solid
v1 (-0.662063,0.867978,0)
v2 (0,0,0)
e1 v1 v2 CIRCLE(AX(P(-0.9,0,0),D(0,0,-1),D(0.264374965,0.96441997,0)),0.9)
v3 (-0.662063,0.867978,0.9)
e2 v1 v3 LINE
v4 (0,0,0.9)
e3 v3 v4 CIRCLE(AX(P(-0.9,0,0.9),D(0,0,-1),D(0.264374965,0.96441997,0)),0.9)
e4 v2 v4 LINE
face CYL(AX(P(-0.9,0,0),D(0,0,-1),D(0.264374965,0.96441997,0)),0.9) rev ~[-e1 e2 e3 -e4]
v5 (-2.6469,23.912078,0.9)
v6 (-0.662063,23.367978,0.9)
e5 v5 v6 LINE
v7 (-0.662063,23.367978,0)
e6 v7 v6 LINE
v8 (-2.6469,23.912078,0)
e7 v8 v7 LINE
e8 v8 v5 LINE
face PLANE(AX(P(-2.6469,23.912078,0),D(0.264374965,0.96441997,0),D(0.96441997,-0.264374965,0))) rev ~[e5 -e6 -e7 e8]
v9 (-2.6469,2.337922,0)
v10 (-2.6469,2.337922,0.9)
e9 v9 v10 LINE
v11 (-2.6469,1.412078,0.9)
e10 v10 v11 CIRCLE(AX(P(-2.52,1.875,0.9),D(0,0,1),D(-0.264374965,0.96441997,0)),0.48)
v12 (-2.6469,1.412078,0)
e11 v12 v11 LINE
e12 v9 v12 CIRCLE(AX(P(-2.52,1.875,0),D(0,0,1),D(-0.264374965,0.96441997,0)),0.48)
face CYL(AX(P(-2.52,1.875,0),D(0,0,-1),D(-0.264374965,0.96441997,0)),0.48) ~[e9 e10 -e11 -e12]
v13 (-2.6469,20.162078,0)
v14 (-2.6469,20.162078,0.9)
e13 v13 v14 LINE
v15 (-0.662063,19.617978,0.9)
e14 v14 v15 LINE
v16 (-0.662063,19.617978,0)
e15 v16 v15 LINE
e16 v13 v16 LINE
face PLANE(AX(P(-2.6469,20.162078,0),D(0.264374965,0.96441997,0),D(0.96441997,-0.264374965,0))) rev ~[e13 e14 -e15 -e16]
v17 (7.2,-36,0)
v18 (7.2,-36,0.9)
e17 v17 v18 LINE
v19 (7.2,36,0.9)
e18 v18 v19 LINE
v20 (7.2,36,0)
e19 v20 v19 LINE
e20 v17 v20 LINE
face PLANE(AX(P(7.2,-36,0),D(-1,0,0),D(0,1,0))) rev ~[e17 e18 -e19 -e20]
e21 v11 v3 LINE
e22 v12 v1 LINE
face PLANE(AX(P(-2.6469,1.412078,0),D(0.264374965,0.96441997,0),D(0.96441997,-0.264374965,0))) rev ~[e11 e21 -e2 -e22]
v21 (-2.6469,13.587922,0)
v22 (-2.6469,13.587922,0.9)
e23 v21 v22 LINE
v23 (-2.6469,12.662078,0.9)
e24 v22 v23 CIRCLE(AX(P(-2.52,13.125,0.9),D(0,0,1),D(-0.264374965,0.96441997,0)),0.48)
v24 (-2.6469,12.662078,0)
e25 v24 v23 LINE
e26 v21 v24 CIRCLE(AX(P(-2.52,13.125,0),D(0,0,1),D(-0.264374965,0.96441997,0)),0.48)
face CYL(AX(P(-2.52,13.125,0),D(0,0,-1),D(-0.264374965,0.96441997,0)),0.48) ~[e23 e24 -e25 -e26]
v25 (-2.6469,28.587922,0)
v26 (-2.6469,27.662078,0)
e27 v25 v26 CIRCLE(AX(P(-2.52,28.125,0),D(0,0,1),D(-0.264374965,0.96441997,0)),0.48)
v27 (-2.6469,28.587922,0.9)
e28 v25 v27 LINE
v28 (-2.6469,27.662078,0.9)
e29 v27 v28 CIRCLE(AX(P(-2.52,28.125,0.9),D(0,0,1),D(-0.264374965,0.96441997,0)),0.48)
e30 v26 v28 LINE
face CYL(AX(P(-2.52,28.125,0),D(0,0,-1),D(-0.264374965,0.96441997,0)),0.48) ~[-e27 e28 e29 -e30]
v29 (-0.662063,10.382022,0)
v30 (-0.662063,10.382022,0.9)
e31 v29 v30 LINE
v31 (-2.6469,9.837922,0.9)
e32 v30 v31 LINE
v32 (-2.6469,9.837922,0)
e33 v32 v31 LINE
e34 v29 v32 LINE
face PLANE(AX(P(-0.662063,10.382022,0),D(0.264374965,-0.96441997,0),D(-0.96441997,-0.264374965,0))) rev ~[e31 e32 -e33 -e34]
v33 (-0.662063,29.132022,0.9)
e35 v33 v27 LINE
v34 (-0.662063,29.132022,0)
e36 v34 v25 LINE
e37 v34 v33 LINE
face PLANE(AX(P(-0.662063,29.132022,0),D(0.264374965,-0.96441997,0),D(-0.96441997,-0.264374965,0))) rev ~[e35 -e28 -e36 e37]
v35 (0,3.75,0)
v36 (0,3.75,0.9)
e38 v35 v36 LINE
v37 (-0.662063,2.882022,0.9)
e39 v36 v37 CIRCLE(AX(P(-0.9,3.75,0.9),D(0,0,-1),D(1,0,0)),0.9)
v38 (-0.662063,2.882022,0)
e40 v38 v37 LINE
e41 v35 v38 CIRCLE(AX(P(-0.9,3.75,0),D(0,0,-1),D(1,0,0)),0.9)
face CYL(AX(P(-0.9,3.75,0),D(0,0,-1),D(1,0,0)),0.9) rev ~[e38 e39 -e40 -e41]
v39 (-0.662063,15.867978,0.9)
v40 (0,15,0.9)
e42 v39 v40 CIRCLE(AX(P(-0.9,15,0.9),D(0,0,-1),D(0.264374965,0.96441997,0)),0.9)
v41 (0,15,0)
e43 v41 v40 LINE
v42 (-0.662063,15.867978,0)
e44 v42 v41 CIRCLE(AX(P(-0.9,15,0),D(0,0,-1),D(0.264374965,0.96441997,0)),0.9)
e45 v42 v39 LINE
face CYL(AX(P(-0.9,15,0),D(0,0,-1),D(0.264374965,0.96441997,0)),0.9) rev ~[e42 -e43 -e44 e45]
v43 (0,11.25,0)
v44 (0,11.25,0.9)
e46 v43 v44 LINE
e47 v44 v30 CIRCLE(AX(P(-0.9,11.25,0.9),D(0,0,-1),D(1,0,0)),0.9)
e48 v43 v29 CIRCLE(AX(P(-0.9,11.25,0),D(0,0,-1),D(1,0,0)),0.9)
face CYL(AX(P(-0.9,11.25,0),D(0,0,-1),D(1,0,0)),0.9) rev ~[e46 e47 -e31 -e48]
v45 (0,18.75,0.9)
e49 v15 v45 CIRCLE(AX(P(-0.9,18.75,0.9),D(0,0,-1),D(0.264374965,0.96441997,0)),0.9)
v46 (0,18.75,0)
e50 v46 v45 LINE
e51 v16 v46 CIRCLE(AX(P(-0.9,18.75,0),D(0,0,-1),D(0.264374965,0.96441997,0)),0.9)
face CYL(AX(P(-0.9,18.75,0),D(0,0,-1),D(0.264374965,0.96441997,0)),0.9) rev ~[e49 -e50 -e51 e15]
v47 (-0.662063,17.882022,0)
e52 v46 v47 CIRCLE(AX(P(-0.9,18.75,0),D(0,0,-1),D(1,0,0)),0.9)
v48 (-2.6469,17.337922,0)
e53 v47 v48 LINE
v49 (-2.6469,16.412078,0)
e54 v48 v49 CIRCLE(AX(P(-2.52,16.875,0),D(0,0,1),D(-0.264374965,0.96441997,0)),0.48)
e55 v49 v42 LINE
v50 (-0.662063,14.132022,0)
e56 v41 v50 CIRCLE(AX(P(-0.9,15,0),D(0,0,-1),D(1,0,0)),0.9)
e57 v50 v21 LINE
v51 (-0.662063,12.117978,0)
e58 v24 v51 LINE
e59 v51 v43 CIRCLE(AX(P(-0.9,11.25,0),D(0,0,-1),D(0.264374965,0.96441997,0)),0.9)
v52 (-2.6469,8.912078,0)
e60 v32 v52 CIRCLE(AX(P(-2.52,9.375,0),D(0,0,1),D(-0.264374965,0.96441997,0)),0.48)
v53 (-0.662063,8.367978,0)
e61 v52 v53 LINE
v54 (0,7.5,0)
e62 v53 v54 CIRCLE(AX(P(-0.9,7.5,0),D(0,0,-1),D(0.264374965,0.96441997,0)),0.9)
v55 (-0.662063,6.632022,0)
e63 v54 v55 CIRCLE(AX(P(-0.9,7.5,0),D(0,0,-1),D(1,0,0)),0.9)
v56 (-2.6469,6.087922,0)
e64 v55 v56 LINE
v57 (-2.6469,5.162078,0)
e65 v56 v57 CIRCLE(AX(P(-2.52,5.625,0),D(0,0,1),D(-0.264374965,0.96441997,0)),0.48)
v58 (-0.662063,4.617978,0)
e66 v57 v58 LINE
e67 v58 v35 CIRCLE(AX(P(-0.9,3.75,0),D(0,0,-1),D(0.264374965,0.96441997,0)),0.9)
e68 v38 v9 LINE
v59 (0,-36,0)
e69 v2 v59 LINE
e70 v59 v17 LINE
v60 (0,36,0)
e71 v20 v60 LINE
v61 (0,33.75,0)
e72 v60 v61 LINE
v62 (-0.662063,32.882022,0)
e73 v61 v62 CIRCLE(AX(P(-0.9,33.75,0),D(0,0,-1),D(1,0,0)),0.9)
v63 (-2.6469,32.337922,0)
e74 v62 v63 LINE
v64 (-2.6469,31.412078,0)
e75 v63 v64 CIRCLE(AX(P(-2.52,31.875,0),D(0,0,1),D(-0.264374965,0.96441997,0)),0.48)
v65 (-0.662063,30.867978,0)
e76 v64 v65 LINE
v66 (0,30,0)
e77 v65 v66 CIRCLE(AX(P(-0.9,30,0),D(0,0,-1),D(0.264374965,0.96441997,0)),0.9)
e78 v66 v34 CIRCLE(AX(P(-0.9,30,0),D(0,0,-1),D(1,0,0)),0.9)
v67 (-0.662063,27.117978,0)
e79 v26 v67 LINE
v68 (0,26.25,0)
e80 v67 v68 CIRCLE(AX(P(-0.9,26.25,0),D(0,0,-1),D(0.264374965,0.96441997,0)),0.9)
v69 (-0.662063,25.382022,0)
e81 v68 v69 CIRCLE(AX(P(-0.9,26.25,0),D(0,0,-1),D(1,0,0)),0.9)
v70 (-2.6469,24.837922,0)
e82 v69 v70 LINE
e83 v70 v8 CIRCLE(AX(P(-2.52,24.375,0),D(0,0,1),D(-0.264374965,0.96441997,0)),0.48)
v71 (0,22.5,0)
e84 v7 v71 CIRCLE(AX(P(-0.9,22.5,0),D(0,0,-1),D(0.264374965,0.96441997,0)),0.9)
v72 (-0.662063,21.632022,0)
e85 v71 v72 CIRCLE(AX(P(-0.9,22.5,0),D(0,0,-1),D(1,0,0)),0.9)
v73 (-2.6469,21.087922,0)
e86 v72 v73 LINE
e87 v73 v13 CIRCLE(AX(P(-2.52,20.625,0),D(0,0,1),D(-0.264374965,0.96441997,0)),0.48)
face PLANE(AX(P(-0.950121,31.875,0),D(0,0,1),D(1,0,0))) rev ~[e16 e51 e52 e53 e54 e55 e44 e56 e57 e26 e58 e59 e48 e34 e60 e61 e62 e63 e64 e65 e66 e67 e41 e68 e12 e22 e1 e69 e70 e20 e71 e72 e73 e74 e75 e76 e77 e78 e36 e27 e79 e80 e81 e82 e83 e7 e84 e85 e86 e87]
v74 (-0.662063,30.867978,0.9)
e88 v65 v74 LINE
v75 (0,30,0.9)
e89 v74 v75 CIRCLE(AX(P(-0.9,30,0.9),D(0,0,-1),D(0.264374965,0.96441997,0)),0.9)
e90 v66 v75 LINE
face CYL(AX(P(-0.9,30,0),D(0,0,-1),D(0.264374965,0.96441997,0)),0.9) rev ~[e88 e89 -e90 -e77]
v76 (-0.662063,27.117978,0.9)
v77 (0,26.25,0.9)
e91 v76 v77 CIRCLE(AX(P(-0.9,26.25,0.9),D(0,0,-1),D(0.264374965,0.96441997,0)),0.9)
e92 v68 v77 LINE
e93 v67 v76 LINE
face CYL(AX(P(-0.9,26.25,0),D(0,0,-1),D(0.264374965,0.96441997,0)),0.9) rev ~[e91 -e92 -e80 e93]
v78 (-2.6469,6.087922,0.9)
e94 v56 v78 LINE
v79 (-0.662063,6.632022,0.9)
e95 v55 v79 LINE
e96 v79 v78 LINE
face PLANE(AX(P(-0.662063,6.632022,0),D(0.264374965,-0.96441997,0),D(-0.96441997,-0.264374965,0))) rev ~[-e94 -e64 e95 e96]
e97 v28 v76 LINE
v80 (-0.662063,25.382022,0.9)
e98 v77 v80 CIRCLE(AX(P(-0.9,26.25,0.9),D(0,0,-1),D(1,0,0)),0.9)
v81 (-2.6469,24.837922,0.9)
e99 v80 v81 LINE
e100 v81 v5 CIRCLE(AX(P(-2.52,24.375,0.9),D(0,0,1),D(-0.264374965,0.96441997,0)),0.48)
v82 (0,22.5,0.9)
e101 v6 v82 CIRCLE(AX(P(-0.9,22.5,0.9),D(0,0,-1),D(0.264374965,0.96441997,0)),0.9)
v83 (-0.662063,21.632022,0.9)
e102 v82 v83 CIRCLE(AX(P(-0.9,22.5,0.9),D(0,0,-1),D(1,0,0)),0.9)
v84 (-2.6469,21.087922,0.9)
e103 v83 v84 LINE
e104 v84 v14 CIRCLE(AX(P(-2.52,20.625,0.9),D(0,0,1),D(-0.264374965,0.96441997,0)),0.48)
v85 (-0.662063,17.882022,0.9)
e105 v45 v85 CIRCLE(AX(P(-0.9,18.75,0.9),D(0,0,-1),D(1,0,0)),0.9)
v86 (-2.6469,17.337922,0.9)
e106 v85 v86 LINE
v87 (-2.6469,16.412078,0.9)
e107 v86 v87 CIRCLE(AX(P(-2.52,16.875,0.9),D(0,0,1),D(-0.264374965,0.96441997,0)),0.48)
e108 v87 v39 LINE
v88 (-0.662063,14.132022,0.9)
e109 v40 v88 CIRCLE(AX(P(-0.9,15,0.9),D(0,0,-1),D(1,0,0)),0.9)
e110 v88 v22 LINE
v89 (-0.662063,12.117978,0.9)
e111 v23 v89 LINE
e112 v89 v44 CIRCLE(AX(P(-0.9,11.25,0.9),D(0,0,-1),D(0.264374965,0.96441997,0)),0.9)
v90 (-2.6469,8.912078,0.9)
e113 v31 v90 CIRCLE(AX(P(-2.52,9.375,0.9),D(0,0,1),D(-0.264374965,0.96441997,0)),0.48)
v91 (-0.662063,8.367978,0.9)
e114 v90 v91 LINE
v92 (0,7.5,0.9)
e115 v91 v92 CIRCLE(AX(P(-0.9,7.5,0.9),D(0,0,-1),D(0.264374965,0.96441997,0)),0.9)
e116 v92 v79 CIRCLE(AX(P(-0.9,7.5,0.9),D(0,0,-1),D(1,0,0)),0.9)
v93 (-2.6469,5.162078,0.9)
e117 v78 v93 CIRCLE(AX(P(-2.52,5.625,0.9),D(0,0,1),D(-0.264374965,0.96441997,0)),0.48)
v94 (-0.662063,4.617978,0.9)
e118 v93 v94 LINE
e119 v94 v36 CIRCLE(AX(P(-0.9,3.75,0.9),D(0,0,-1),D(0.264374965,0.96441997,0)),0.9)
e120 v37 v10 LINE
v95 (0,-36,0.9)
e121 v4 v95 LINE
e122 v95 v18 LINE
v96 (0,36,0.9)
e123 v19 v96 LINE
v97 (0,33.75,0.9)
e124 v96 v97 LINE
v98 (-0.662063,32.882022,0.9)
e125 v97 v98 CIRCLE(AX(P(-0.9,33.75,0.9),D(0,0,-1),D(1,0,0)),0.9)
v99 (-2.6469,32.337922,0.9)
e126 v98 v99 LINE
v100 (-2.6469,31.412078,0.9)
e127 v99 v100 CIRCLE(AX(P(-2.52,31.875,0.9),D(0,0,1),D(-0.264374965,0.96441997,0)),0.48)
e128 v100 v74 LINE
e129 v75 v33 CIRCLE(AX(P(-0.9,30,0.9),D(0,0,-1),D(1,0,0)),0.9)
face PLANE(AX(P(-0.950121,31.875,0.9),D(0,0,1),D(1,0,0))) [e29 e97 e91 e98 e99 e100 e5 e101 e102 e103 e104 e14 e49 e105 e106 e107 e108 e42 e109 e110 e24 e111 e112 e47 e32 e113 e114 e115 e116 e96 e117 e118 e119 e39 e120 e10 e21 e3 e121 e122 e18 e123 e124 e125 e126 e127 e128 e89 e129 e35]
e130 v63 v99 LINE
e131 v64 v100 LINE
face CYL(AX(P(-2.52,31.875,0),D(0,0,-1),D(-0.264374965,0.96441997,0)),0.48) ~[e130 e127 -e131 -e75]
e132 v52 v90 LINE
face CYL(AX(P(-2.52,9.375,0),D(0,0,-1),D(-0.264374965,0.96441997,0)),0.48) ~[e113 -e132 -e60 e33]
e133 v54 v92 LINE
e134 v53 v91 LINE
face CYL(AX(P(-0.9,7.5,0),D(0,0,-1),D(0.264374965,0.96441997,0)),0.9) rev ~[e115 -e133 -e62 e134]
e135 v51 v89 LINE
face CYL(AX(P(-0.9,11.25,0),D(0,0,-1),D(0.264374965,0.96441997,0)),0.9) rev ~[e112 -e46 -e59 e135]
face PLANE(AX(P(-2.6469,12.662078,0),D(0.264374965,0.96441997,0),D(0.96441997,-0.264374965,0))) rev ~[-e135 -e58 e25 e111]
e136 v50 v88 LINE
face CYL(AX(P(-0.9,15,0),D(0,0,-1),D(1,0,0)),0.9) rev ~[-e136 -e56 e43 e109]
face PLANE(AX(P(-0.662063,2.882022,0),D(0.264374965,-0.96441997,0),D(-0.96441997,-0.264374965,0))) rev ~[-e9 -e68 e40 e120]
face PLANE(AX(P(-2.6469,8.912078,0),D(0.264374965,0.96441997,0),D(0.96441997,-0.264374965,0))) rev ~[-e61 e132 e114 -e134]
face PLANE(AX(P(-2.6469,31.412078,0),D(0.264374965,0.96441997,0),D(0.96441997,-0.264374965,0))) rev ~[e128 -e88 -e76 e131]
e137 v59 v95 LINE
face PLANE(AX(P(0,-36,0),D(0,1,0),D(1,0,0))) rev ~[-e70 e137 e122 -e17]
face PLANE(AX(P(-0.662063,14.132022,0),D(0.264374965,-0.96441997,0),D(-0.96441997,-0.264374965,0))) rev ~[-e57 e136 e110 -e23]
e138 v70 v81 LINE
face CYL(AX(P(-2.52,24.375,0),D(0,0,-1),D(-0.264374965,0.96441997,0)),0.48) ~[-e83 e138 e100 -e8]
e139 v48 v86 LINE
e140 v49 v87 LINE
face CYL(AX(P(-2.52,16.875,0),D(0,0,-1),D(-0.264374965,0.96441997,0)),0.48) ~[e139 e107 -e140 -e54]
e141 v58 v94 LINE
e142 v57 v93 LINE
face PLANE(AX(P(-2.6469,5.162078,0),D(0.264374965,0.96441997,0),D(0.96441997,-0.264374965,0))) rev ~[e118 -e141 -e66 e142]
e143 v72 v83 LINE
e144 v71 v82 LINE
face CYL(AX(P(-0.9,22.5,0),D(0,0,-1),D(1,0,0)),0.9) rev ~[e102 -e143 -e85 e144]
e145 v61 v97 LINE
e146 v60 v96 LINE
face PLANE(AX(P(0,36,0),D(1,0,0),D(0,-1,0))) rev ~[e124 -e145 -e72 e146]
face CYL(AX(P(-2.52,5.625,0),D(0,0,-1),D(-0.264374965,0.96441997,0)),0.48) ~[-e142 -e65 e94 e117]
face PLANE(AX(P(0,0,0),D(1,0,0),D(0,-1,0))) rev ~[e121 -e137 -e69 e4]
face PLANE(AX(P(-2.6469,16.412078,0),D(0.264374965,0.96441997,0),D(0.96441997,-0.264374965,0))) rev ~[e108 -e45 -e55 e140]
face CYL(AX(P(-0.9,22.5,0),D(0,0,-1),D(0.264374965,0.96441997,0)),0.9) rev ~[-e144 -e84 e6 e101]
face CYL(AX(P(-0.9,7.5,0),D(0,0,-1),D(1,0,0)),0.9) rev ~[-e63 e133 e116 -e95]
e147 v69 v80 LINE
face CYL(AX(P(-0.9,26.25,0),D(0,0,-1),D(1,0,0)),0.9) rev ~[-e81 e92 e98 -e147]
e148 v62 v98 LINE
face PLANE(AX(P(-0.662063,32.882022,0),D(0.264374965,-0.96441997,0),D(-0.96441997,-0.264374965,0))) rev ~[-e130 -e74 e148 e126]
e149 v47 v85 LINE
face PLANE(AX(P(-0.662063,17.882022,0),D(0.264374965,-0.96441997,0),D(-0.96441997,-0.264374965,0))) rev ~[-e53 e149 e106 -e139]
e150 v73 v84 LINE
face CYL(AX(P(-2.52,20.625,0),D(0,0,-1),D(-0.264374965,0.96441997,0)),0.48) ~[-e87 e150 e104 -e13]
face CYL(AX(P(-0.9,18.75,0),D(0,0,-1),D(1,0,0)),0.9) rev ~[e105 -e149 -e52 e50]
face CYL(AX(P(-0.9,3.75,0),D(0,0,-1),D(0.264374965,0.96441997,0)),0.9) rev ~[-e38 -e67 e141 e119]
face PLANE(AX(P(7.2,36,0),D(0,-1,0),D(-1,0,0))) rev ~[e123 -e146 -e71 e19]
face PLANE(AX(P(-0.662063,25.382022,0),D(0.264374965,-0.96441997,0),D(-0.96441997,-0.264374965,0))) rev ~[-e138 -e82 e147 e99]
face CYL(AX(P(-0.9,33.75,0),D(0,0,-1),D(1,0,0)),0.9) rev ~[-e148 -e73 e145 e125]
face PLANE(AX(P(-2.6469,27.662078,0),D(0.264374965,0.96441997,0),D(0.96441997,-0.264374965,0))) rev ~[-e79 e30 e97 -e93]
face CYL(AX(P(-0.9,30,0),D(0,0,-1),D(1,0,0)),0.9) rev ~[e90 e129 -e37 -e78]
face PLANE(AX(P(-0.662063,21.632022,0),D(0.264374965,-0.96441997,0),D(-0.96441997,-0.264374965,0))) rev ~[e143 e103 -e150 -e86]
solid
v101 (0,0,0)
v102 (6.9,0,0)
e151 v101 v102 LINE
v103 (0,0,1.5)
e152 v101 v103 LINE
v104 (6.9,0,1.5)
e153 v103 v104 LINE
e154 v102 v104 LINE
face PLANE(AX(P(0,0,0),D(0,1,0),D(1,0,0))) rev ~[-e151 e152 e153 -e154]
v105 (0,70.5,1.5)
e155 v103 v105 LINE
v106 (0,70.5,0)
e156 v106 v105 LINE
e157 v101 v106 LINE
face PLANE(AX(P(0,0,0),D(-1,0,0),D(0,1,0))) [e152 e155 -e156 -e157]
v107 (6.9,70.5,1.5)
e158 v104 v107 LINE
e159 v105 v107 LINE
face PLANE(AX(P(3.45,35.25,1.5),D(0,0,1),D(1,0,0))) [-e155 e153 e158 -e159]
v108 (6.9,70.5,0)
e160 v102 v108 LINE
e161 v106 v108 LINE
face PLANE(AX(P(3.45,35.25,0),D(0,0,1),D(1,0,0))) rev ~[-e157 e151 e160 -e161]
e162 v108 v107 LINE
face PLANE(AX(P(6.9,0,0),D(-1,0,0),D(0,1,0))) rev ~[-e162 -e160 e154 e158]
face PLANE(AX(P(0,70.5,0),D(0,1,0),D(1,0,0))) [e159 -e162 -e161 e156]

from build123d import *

# Parameters (mm, degrees)
F1_DEPTH = 0.3
F2_W     = 2.3
F2_H     = 23.5
F3_DEPTH = 0.5
F4_SCALE = 3


with BuildPart() as f1:
    # F0 (on Top) → F1 (new body)
    with BuildSketch(Plane.XY):
        with BuildLine():
            Line((0, 10), (0, 11.25))
            ThreePointArc((0, 11.25), (-0.0614693449, 11.0680573536), (-0.2206875105, 10.9606740091))
            Line((-0.2206875105, 10.9606740091), (-0.8822999944, 10.7793071951))
            ThreePointArc((-0.8822999944, 10.7793071951), (-1, 10.625), (-0.8822999944, 10.4706928049))
            Line((-0.8822999944, 10.4706928049), (-0.2206875105, 10.2893259909))
            ThreePointArc((-0.2206875105, 10.2893259909), (-0.0614693449, 10.1819426464), (0, 10))
        make_face()
        with BuildLine():
            Line((0, 8.75), (0, 10))
            ThreePointArc((0, 10), (-0.0614693449, 9.8180573536), (-0.2206875105, 9.7106740091))
            Line((-0.2206875105, 9.7106740091), (-0.8822999944, 9.5293071951))
            ThreePointArc((-0.8822999944, 9.5293071951), (-1, 9.375), (-0.8822999944, 9.2206928049))
            Line((-0.8822999944, 9.2206928049), (-0.2206875105, 9.0393259909))
            ThreePointArc((-0.2206875105, 9.0393259909), (-0.0614693449, 8.9319426464), (0, 8.75))
        make_face()
        with BuildLine():
            Line((0, 7.5), (0, 8.75))
            ThreePointArc((0, 8.75), (-0.0614693449, 8.5680573536), (-0.2206875105, 8.4606740091))
            Line((-0.2206875105, 8.4606740091), (-0.8822999944, 8.2793071951))
            ThreePointArc((-0.8822999944, 8.2793071951), (-1, 8.125), (-0.8822999944, 7.9706928049))
            Line((-0.8822999944, 7.9706928049), (-0.2206875105, 7.7893259909))
            ThreePointArc((-0.2206875105, 7.7893259909), (-0.0614693449, 7.6819426464), (0, 7.5))
        make_face()
        with BuildLine():
            Line((0, 6.25), (0, 7.5))
            ThreePointArc((0, 7.5), (-0.0614693449, 7.3180573536), (-0.2206875105, 7.2106740091))
            Line((-0.2206875105, 7.2106740091), (-0.8822999944, 7.0293071951))
            ThreePointArc((-0.8822999944, 7.0293071951), (-1, 6.875), (-0.8822999944, 6.7206928049))
            Line((-0.8822999944, 6.7206928049), (-0.2206875105, 6.5393259909))
            ThreePointArc((-0.2206875105, 6.5393259909), (-0.0614693449, 6.4319426464), (0, 6.25))
        make_face()
        with BuildLine():
            Line((0, 5), (0, 6.25))
            ThreePointArc((0, 6.25), (-0.0614693449, 6.0680573536), (-0.2206875105, 5.9606740091))
            Line((-0.2206875105, 5.9606740091), (-0.8822999944, 5.7793071951))
            ThreePointArc((-0.8822999944, 5.7793071951), (-1, 5.625), (-0.8822999944, 5.4706928049))
            Line((-0.8822999944, 5.4706928049), (-0.2206875105, 5.2893259909))
            ThreePointArc((-0.2206875105, 5.2893259909), (-0.0614693449, 5.1819426464), (0, 5))
        make_face()
        with BuildLine():
            Line((0, 3.75), (0, 5))
            ThreePointArc((0, 5), (-0.0614693449, 4.8180573536), (-0.2206875105, 4.7106740091))
            Line((-0.2206875105, 4.7106740091), (-0.8822999944, 4.5293071951))
            ThreePointArc((-0.8822999944, 4.5293071951), (-1, 4.375), (-0.8822999944, 4.2206928049))
            Line((-0.8822999944, 4.2206928049), (-0.2206875105, 4.0393259909))
            ThreePointArc((-0.2206875105, 4.0393259909), (-0.0614693449, 3.9319426464), (0, 3.75))
        make_face()
        with BuildLine():
            ThreePointArc((-0.2206875105, 2.7893259909), (-0.0614693449, 2.6819426464), (0, 2.5))
            Line((0, 2.5), (0, 3.75))
            ThreePointArc((0, 3.75), (-0.0614693449, 3.5680573536), (-0.2206875105, 3.4606740091))
            Line((-0.2206875105, 3.4606740091), (-0.8822999944, 3.2793071951))
            ThreePointArc((-0.8822999944, 3.2793071951), (-1, 3.125), (-0.8822999944, 2.9706928049))
            Line((-0.8822999944, 2.9706928049), (-0.2206875105, 2.7893259909))
        make_face()
        with BuildLine():
            ThreePointArc((-0.2206875105, 1.5393259909), (-0.0614693449, 1.4319426464), (0, 1.25))
            Line((0, 1.25), (0, 2.5))
            ThreePointArc((0, 2.5), (-0.0614693449, 2.3180573536), (-0.2206875105, 2.2106740091))
            Line((-0.2206875105, 2.2106740091), (-0.8822999944, 2.0293071951))
            ThreePointArc((-0.8822999944, 2.0293071951), (-1, 1.875), (-0.8822999944, 1.7206928049))
            Line((-0.8822999944, 1.7206928049), (-0.2206875105, 1.5393259909))
        make_face()
        with BuildLine():
            ThreePointArc((-0.2206875105, 0.2893259909), (-0.0614693449, 0.1819426464), (0, 0))
            Line((0, 0), (0, 1.25))
            ThreePointArc((0, 1.25), (-0.0614693449, 1.0680573536), (-0.2206875105, 0.9606740091))
            Line((-0.2206875105, 0.9606740091), (-0.8822999944, 0.7793071951))
            ThreePointArc((-0.8822999944, 0.7793071951), (-1, 0.625), (-0.8822999944, 0.4706928049))
            Line((-0.8822999944, 0.4706928049), (-0.2206875105, 0.2893259909))
        make_face()
        Polygon((2.4, 12), (0, 12), (0, 11.25), (0, 10), (0, 8.75), (0, 7.5), (0, 6.25), (0, 5), (0, 3.75), (0, 2.5), (0, 1.25), (0, 0), (0, -12), (2.4, -12), align=None)
    extrude(amount=F1_DEPTH)


with BuildPart() as f3:
    # F2 (on Top) → F3 (new body)
    with BuildSketch(Plane.XY):
        with Locations((1.15, 11.75)):
            Rectangle(F2_W, F2_H)
    extrude(amount=F3_DEPTH)


with BuildPart() as f3_1:
    # F4: moved
    add(f3.part.scale(F4_SCALE))


with BuildPart() as f1_1:
    # F4: moved
    add(f1.part.scale(F4_SCALE))


solid = Compound([f3_1.part, f1_1.part])
